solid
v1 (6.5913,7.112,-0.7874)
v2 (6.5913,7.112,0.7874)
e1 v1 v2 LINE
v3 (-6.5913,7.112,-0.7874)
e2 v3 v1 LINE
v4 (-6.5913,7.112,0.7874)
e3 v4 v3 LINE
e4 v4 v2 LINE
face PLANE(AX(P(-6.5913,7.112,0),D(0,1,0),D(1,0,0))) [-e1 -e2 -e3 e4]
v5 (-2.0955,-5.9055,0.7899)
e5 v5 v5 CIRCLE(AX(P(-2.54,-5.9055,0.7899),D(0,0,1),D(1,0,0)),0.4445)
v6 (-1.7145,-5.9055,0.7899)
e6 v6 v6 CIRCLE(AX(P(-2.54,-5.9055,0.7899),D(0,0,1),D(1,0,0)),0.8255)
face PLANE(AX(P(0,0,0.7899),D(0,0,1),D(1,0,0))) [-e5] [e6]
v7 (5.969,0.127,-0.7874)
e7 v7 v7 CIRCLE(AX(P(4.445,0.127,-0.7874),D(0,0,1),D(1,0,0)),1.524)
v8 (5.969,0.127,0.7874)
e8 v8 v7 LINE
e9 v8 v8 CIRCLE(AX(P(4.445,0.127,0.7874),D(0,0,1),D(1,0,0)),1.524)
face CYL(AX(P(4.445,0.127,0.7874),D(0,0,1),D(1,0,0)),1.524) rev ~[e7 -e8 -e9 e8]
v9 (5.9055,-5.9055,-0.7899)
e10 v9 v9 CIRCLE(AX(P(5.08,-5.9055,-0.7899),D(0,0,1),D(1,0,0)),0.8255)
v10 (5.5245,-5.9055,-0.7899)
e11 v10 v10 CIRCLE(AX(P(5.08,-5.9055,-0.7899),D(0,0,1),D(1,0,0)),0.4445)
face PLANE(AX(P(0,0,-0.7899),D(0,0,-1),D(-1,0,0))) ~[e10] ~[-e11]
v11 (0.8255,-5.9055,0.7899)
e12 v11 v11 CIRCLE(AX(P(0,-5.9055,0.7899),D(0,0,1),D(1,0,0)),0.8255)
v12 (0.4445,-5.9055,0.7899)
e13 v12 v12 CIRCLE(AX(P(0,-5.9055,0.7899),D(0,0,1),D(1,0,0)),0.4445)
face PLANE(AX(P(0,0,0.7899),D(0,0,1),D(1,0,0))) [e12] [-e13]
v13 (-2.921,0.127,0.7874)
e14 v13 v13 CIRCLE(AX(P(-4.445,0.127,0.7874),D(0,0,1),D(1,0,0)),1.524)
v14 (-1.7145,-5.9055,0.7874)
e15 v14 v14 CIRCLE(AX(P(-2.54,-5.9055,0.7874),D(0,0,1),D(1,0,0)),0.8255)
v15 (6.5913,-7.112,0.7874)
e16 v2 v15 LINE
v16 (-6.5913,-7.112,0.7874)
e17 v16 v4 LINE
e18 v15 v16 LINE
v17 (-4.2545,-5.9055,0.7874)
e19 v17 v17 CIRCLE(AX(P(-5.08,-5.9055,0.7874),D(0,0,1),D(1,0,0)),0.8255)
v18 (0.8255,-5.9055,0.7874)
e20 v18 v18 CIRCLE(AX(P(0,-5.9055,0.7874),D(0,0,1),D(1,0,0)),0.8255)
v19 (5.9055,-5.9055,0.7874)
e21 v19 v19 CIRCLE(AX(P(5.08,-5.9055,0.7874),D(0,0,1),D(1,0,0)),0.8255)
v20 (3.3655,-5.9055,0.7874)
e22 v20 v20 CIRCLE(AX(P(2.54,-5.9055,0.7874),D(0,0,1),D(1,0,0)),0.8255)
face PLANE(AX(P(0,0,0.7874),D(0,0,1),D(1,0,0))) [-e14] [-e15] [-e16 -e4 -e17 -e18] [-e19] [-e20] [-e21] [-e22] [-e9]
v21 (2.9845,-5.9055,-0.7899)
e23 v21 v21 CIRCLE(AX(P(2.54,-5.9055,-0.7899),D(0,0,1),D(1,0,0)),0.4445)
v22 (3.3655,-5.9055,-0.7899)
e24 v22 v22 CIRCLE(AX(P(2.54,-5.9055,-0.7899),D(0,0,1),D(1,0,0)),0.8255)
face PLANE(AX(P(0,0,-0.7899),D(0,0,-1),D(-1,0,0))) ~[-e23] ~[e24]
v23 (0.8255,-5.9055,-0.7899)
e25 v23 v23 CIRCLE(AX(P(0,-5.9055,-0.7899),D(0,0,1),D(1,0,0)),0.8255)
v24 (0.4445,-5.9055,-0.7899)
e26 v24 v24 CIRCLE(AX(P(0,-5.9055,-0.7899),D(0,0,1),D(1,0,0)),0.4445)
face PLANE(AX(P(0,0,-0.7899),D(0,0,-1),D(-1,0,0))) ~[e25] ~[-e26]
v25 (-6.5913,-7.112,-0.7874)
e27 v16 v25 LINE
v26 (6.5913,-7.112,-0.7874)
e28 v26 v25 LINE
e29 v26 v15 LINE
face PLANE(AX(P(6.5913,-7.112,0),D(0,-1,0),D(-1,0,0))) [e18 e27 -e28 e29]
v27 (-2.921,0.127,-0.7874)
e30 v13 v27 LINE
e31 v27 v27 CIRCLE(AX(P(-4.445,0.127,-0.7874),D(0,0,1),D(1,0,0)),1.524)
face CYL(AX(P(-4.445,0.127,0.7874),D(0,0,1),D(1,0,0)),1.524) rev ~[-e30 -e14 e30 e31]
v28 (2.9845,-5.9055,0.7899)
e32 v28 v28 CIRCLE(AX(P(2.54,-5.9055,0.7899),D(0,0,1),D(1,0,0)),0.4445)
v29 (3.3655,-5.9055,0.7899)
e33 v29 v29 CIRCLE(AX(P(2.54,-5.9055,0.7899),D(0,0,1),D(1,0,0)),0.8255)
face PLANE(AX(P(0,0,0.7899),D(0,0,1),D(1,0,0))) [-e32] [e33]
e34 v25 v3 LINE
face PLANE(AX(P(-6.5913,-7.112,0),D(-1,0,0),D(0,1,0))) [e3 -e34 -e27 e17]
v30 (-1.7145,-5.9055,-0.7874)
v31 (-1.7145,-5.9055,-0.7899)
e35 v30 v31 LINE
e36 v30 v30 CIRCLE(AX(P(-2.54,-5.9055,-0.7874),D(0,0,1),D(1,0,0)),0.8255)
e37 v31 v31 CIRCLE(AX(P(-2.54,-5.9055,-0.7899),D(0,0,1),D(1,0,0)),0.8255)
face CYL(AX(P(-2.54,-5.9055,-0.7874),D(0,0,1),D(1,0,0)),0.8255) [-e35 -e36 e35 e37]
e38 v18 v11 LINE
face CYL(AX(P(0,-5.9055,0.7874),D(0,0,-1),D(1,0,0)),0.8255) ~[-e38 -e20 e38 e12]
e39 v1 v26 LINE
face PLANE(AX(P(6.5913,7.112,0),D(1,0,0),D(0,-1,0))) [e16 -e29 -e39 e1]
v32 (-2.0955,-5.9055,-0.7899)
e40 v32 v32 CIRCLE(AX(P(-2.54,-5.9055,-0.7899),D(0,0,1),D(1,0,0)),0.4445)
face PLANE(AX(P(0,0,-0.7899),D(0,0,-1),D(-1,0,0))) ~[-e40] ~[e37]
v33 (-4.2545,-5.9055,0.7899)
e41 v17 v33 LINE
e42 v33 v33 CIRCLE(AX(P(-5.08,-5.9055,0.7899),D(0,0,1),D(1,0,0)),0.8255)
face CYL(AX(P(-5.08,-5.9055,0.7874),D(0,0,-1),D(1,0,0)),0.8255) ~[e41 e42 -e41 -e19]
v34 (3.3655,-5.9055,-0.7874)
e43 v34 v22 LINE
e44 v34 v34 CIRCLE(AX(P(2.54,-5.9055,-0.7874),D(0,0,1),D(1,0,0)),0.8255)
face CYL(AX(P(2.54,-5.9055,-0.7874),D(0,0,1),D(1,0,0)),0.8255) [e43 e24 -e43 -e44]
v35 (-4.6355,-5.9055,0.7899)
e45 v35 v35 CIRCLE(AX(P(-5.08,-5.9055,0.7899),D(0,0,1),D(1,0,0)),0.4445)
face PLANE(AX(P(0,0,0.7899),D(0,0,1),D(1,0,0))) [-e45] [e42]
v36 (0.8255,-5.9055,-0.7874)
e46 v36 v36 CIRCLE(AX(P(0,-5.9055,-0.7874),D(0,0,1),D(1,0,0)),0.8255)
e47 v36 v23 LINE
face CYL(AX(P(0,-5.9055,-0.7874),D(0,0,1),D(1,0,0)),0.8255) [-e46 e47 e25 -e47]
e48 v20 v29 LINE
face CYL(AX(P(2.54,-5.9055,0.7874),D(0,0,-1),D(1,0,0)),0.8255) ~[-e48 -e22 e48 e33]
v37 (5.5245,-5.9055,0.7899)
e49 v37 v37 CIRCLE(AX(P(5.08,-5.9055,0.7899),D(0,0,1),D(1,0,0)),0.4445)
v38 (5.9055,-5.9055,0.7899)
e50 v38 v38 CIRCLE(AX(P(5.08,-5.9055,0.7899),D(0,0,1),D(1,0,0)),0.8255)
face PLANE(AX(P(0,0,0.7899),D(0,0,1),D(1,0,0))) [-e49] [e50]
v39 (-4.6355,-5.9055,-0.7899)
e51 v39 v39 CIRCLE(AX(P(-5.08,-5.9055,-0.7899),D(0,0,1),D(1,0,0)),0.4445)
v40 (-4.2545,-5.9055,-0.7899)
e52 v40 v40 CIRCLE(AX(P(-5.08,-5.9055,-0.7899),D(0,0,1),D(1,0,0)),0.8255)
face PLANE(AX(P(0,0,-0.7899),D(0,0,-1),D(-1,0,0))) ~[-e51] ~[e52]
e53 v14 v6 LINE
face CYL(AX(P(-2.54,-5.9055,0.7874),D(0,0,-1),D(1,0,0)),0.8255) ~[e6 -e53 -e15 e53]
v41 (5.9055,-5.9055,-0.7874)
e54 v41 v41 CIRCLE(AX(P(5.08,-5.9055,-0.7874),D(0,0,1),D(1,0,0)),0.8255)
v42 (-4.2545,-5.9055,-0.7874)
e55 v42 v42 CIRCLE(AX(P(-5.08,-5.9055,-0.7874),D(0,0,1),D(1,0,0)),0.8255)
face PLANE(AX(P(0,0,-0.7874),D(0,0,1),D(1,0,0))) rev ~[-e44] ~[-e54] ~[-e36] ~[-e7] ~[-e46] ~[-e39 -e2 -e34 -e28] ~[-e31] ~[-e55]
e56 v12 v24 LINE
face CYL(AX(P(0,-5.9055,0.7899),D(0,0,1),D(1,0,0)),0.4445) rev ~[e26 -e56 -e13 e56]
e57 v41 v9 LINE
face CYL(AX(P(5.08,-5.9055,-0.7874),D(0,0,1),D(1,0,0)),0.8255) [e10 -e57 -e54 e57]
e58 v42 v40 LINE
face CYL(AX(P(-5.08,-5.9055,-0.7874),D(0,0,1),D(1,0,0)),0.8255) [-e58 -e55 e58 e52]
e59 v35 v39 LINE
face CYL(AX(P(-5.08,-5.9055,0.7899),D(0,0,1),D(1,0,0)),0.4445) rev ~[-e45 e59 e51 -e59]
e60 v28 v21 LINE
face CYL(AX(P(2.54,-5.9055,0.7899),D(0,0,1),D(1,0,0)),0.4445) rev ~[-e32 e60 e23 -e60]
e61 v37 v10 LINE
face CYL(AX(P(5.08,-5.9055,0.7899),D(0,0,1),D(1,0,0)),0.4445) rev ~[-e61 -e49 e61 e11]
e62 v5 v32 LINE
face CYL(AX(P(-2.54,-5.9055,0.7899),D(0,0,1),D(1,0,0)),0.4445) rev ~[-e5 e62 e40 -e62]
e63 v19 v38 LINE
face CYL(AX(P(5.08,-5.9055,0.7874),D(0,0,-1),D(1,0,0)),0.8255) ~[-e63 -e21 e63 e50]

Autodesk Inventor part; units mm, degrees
ref_plane "YZ Plane" through (0, 0, 0) normal (1, 0, 0) x (0, 1, 0)
ref_plane "XZ Plane" through (0, 0, 0) normal (0, 1, 0) x (-1, 0, 0)
ref_plane "XY Plane" through (0, 0, 0) normal (0, 0, 1) x (1, 0, 0)
sketch "Sketch1" plane through (0, 0, 0) normal (0, 0, 1) x (1, 0, 0)
  line L0 (6.5913, -7.112) -> (-6.5913, -7.112)
  line L1 (-6.5913, -7.112) -> (-6.5913, 7.112)
  line L2 (-6.5913, 7.112) -> (6.5913, 7.112)
  line L3 (6.5913, 7.112) -> (6.5913, -7.112)
  line L4 (6.5913, -7.112) -> (-6.5913, 7.112) construction
  line L5 (-6.5913, -7.112) -> (6.5913, 7.112) construction
  point P0 (0, 0)
  dimension "d0" = 13.1826
  dimension "d1" = 14.224
extrude "Extrusion1" add sketch "Sketch1" along normal mid plane 1.5748
sketch "Sketch2" plane through (0, 0, 0.7874) normal (0, 0, 1) x (1, 0, 0)
  circle A0 centre (-4.445, 0.127) radius 1.524
  circle A1 centre (4.445, 0.127) radius 1.524
  line L0 (0, 0) -> (0, 7.112) construction
  line L1 (6.5913, 7.112) -> (-6.5913, 7.112) construction
  dimension "d4" = 3.048
  dimension "d5" = 8.89
  dimension "d6" = 6.985
extrude "Extrusion2" cut sketch "Sketch2" against normal through all
sketch "Sketch3" plane through (0, 0, 0.7874) normal (0, 0, 1) x (1, 0, 0)
  circle A0 centre (0, -5.9055) radius 0.8255 construction
  line L0 (0, -6.731) -> (0, -7.112) construction
  line L1 (6.5913, -7.112) -> (-6.5913, -7.112) construction
  circle A1 centre (-5.08, -5.9055) radius 0.8255
  circle A2 centre (-2.54, -5.9055) radius 0.8255
  circle A3 centre (0, -5.9055) radius 0.8255
  circle A4 centre (2.54, -5.9055) radius 0.8255
  circle A5 centre (5.08, -5.9055) radius 0.8255
  point P0 (0, 0)
  dimension "d9" = 1.651
  dimension "d10" = 0.381
  dimension "d11" = 5.08
  dimension "d14" = 2.54
extrude "Extrusion3" add sketch "Sketch3" along normal blind 0.0025
mirror "Mirror1" about plane through (0, 0, 0) normal (0, 0, 1) of "Extrusion3"
sketch "Sketch4" plane through (-5.08, -5.9055, 0.7899) normal (0, 0, 1) x (1, 0, 0)
  circle A0 centre (0, 0) radius 0.8255 construction
  circle A1 centre (0, 0) radius 0.4445
  circle A2 centre (2.54, 0) radius 0.8255 construction
  line L0 (-1.5113, -1.2065) -> (11.6713, -1.2065) construction
  circle A3 centre (2.54, 0) radius 0.4445
  circle A4 centre (5.08, 0) radius 0.4445
  circle A5 centre (7.62, 0) radius 0.4445
  circle A6 centre (10.16, 0) radius 0.4445
  point P0 (5.08, 5.9055)
  dimension "d21" = 0.889
  dimension "d22" = 2.54
  dimension "d25" = 2.54
extrude "Extrusion4" cut sketch "Sketch4" against normal through all
sketch "Sketch5" plane through (0, 0, 0.7874) normal (0, 0, 1) x (1, 0, 0)
  point P0 (0, 0)
equation "\"d25\" = d22"
properties part number "pcb"
